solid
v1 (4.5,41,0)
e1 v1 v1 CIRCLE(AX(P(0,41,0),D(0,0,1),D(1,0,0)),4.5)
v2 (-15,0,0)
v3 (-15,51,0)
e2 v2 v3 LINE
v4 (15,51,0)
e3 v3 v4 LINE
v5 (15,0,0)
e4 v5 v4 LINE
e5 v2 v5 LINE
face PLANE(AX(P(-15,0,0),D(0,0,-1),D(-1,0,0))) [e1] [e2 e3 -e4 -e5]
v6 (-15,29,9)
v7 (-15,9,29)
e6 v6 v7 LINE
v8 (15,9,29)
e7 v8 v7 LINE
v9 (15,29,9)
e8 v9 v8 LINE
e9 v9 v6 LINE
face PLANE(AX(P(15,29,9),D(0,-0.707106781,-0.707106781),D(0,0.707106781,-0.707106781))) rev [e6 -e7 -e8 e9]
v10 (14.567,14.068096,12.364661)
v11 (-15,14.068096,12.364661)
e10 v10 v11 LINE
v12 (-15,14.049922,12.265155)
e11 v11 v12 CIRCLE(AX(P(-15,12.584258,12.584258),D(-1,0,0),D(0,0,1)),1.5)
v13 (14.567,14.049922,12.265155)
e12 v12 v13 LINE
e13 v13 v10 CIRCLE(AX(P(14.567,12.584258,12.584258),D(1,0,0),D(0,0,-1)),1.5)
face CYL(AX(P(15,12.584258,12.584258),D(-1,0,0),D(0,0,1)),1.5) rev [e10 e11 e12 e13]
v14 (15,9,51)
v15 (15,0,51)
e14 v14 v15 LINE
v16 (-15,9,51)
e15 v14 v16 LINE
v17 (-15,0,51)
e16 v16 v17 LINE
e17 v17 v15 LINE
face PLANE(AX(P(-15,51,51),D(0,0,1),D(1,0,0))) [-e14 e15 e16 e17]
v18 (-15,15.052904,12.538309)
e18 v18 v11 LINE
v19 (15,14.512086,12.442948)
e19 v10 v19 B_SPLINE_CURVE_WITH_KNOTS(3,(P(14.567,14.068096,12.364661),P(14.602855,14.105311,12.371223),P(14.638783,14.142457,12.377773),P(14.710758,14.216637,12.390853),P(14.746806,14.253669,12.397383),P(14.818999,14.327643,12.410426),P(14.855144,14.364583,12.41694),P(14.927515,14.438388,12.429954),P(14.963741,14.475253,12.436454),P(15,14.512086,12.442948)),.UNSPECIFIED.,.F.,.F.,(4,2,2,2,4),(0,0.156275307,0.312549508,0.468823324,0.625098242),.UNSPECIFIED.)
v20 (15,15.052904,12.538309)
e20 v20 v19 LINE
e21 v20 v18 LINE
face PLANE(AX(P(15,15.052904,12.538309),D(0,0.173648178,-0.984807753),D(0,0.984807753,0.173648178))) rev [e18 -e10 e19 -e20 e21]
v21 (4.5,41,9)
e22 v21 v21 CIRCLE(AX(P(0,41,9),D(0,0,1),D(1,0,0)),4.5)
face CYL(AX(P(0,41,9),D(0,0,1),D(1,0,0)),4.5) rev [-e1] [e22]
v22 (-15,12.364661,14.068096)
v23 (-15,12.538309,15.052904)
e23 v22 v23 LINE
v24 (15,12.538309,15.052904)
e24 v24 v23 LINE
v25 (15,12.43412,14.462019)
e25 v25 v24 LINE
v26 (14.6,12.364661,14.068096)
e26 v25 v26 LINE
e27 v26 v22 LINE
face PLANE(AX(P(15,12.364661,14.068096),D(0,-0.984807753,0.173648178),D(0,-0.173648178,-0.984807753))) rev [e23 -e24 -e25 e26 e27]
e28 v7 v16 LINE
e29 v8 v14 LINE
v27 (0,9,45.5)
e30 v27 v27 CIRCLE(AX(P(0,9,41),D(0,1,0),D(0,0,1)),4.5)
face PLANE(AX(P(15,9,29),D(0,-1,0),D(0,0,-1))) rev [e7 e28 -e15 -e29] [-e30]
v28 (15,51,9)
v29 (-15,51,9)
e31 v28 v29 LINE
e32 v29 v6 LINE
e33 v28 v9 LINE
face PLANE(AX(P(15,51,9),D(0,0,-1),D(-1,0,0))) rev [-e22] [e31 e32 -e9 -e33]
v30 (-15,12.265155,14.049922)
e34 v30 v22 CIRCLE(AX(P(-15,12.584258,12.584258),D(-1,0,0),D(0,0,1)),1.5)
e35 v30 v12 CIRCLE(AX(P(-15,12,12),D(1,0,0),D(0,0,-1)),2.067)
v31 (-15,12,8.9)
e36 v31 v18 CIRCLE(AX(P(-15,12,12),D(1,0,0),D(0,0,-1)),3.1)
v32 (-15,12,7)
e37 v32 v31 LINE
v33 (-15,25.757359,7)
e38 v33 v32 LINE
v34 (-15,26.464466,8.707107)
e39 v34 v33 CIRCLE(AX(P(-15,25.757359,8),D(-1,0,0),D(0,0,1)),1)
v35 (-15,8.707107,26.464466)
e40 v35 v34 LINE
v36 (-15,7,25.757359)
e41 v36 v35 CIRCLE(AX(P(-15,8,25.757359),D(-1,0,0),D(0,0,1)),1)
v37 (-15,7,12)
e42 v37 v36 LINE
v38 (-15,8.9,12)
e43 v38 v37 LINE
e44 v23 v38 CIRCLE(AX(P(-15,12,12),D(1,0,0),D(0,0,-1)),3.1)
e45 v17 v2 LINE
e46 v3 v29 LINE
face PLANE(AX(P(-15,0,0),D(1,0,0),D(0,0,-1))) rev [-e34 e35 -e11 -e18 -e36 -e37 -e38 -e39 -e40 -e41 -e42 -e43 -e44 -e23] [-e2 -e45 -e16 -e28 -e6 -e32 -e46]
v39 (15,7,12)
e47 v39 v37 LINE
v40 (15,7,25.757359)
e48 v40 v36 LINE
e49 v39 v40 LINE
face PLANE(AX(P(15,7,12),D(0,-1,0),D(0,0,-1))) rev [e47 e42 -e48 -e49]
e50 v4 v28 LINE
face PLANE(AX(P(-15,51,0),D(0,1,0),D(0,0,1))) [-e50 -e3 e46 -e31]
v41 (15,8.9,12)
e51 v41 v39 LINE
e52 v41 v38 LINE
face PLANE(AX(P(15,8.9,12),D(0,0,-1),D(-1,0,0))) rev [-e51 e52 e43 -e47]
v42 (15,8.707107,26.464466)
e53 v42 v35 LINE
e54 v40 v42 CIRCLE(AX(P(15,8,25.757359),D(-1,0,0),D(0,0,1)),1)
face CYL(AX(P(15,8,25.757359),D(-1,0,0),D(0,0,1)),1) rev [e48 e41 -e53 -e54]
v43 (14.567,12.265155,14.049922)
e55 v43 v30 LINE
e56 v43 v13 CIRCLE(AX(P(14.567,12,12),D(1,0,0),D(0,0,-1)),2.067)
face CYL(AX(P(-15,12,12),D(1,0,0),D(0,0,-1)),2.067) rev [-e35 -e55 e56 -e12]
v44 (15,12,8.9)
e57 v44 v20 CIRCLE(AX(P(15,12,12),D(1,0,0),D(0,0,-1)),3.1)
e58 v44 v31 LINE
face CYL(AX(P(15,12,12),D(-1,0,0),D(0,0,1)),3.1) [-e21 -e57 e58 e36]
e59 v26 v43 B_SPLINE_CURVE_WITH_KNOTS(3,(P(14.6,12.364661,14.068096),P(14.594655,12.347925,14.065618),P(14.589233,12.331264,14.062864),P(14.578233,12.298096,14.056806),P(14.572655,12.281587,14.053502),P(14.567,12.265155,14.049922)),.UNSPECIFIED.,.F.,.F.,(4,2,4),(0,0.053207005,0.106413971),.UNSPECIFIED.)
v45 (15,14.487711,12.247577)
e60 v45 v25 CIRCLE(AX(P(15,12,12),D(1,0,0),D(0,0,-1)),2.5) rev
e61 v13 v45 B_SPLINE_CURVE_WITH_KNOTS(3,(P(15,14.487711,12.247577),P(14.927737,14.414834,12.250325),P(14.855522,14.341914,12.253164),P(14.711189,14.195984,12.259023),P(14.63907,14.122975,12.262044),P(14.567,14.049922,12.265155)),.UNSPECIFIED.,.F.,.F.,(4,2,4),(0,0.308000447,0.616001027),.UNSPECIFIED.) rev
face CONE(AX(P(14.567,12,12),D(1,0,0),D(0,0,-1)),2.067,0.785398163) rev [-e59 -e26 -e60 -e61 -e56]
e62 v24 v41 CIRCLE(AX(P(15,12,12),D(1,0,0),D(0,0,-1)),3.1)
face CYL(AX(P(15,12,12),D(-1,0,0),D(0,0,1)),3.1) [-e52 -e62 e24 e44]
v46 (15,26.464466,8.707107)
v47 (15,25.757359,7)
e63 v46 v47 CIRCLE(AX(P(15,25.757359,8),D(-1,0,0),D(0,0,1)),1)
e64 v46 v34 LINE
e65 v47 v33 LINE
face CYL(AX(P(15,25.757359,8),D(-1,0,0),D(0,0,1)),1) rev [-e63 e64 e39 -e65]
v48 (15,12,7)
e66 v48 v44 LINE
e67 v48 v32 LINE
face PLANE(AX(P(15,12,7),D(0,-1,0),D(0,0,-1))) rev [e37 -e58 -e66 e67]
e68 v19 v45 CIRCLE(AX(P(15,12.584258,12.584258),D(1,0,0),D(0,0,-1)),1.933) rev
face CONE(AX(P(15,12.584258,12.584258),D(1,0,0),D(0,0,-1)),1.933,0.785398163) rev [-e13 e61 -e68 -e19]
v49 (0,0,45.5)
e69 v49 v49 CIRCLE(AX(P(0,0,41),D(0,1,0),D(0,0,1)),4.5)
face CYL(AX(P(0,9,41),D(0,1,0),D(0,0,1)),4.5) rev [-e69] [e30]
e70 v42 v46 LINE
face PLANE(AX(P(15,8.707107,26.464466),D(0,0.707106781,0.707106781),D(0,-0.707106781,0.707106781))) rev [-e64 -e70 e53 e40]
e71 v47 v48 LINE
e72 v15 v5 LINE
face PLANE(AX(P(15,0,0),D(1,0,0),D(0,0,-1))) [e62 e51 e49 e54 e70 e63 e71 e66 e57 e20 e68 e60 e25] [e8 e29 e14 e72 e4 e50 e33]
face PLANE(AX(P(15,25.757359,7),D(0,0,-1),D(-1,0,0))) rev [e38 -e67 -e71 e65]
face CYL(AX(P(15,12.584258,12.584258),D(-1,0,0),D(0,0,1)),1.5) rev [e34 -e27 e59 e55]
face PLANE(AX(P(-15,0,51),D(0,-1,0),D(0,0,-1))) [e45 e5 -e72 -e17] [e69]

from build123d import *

# Parameters (mm, degrees)
SKETCH1_W                    = 51
SKETCH1_H                    = 51
BOSS_EXTRUDE1_DEPTH          = 30
CUT_EXTRUDE1_DEPTH           = 31
CUT_EXTRUDE2_DEPTH           = 31
SKETCH4_W                    = 30
SKETCH4_H                    = 2.067
F_9_0_9_DIAMETER_HOLE1_D     = 9
F_9_0_9_DIAMETER_HOLE1_DEPTH = 9
F_9_0_9_DIAMETER_HOLE2_D     = 9
F_9_0_9_DIAMETER_HOLE2_DEPTH = 9
CHAMFER1_SIZE                = 0.433


with BuildPart() as part:
    # Sketch1 → Boss-Extrude1 (new body)
    with BuildSketch(Plane(origin=(15, 0, 0), x_dir=(0, 0, -1), z_dir=(1, 0, 0))):
        with Locations((-25.5, 25.5)):
            Rectangle(SKETCH1_W, SKETCH1_H)
    extrude(amount=-BOSS_EXTRUDE1_DEPTH)

    # Sketch2 → Cut-Extrude1 (cut, through all)
    with BuildSketch(Plane.ZY.offset(15)):
        Polygon((9, 51), (9, 29), (29, 9), (51, 9), (51, 51), align=None)
    extrude(amount=-CUT_EXTRUDE1_DEPTH, mode=Mode.SUBTRACT)

    # Sketch3 → Cut-Extrude2 (cut, through all)
    with BuildSketch(Plane.ZY.offset(15)):
        with BuildLine():
            Line((12, 8.9), (12, 7))
            Line((12, 7), (25.757359313, 7))
            ThreePointArc((25.757359313, 7), (26.681238845, 7.617316568), (26.464466094, 8.707106781))
            Line((26.464466094, 8.707106781), (8.707106781, 26.464466094))
            ThreePointArc((8.707106781, 26.464466094), (7.617316568, 26.681238845), (7, 25.757359313))
            Line((7, 25.757359313), (7, 12))
            Line((7, 12), (8.9, 12))
            ThreePointArc((8.9, 12), (10.00735841, 14.374737774), (12.538309351, 15.052904034))
            Line((12.538309351, 15.052904034), (12.364661173, 14.068096281))
            ThreePointArc((12.364661173, 14.068096281), (11.523597358, 11.523597358), (14.068096281, 12.364661173))
            Line((14.068096281, 12.364661173), (15.052904034, 12.538309351))
            ThreePointArc((15.052904034, 12.538309351), (14.374737774, 10.00735841), (12, 8.9))
        make_face()
    extrude(amount=-CUT_EXTRUDE2_DEPTH, mode=Mode.SUBTRACT)

    # Sketch4 → Cut-Revolve1 (revolve, cut)
    with BuildSketch(Plane.XY.offset(12)):
        with Locations((0, 13.0335)):
            Rectangle(SKETCH4_W, SKETCH4_H)
    revolve(axis=Axis((-15, 12, 12), (1, 0, 0)), mode=Mode.SUBTRACT)

    # Ø9.0 (9) Diameter Hole1
    with Locations(Plane.XY.offset(9)):
        with Locations((0, 41)):
            Hole(F_9_0_9_DIAMETER_HOLE1_D / 2, depth=F_9_0_9_DIAMETER_HOLE1_DEPTH)

    # Ø9.0 (9) Diameter Hole2
    with Locations(Plane(origin=(0, 9, 0), x_dir=(1, 0, 0), z_dir=(0, 1, 0))):
        with Locations((0, -41)):
            Hole(F_9_0_9_DIAMETER_HOLE2_D / 2, depth=F_9_0_9_DIAMETER_HOLE2_DEPTH)

    # Chamfer1
    chamfer1_edges = [part.edges().sort_by_distance(p)[0] for p in [
        (15, 14.059848355, 12.31475481),
        (15, 10.538410283, 10.538410283),
    ]]
    chamfer(chamfer1_edges, length=CHAMFER1_SIZE)


solid = part.part
